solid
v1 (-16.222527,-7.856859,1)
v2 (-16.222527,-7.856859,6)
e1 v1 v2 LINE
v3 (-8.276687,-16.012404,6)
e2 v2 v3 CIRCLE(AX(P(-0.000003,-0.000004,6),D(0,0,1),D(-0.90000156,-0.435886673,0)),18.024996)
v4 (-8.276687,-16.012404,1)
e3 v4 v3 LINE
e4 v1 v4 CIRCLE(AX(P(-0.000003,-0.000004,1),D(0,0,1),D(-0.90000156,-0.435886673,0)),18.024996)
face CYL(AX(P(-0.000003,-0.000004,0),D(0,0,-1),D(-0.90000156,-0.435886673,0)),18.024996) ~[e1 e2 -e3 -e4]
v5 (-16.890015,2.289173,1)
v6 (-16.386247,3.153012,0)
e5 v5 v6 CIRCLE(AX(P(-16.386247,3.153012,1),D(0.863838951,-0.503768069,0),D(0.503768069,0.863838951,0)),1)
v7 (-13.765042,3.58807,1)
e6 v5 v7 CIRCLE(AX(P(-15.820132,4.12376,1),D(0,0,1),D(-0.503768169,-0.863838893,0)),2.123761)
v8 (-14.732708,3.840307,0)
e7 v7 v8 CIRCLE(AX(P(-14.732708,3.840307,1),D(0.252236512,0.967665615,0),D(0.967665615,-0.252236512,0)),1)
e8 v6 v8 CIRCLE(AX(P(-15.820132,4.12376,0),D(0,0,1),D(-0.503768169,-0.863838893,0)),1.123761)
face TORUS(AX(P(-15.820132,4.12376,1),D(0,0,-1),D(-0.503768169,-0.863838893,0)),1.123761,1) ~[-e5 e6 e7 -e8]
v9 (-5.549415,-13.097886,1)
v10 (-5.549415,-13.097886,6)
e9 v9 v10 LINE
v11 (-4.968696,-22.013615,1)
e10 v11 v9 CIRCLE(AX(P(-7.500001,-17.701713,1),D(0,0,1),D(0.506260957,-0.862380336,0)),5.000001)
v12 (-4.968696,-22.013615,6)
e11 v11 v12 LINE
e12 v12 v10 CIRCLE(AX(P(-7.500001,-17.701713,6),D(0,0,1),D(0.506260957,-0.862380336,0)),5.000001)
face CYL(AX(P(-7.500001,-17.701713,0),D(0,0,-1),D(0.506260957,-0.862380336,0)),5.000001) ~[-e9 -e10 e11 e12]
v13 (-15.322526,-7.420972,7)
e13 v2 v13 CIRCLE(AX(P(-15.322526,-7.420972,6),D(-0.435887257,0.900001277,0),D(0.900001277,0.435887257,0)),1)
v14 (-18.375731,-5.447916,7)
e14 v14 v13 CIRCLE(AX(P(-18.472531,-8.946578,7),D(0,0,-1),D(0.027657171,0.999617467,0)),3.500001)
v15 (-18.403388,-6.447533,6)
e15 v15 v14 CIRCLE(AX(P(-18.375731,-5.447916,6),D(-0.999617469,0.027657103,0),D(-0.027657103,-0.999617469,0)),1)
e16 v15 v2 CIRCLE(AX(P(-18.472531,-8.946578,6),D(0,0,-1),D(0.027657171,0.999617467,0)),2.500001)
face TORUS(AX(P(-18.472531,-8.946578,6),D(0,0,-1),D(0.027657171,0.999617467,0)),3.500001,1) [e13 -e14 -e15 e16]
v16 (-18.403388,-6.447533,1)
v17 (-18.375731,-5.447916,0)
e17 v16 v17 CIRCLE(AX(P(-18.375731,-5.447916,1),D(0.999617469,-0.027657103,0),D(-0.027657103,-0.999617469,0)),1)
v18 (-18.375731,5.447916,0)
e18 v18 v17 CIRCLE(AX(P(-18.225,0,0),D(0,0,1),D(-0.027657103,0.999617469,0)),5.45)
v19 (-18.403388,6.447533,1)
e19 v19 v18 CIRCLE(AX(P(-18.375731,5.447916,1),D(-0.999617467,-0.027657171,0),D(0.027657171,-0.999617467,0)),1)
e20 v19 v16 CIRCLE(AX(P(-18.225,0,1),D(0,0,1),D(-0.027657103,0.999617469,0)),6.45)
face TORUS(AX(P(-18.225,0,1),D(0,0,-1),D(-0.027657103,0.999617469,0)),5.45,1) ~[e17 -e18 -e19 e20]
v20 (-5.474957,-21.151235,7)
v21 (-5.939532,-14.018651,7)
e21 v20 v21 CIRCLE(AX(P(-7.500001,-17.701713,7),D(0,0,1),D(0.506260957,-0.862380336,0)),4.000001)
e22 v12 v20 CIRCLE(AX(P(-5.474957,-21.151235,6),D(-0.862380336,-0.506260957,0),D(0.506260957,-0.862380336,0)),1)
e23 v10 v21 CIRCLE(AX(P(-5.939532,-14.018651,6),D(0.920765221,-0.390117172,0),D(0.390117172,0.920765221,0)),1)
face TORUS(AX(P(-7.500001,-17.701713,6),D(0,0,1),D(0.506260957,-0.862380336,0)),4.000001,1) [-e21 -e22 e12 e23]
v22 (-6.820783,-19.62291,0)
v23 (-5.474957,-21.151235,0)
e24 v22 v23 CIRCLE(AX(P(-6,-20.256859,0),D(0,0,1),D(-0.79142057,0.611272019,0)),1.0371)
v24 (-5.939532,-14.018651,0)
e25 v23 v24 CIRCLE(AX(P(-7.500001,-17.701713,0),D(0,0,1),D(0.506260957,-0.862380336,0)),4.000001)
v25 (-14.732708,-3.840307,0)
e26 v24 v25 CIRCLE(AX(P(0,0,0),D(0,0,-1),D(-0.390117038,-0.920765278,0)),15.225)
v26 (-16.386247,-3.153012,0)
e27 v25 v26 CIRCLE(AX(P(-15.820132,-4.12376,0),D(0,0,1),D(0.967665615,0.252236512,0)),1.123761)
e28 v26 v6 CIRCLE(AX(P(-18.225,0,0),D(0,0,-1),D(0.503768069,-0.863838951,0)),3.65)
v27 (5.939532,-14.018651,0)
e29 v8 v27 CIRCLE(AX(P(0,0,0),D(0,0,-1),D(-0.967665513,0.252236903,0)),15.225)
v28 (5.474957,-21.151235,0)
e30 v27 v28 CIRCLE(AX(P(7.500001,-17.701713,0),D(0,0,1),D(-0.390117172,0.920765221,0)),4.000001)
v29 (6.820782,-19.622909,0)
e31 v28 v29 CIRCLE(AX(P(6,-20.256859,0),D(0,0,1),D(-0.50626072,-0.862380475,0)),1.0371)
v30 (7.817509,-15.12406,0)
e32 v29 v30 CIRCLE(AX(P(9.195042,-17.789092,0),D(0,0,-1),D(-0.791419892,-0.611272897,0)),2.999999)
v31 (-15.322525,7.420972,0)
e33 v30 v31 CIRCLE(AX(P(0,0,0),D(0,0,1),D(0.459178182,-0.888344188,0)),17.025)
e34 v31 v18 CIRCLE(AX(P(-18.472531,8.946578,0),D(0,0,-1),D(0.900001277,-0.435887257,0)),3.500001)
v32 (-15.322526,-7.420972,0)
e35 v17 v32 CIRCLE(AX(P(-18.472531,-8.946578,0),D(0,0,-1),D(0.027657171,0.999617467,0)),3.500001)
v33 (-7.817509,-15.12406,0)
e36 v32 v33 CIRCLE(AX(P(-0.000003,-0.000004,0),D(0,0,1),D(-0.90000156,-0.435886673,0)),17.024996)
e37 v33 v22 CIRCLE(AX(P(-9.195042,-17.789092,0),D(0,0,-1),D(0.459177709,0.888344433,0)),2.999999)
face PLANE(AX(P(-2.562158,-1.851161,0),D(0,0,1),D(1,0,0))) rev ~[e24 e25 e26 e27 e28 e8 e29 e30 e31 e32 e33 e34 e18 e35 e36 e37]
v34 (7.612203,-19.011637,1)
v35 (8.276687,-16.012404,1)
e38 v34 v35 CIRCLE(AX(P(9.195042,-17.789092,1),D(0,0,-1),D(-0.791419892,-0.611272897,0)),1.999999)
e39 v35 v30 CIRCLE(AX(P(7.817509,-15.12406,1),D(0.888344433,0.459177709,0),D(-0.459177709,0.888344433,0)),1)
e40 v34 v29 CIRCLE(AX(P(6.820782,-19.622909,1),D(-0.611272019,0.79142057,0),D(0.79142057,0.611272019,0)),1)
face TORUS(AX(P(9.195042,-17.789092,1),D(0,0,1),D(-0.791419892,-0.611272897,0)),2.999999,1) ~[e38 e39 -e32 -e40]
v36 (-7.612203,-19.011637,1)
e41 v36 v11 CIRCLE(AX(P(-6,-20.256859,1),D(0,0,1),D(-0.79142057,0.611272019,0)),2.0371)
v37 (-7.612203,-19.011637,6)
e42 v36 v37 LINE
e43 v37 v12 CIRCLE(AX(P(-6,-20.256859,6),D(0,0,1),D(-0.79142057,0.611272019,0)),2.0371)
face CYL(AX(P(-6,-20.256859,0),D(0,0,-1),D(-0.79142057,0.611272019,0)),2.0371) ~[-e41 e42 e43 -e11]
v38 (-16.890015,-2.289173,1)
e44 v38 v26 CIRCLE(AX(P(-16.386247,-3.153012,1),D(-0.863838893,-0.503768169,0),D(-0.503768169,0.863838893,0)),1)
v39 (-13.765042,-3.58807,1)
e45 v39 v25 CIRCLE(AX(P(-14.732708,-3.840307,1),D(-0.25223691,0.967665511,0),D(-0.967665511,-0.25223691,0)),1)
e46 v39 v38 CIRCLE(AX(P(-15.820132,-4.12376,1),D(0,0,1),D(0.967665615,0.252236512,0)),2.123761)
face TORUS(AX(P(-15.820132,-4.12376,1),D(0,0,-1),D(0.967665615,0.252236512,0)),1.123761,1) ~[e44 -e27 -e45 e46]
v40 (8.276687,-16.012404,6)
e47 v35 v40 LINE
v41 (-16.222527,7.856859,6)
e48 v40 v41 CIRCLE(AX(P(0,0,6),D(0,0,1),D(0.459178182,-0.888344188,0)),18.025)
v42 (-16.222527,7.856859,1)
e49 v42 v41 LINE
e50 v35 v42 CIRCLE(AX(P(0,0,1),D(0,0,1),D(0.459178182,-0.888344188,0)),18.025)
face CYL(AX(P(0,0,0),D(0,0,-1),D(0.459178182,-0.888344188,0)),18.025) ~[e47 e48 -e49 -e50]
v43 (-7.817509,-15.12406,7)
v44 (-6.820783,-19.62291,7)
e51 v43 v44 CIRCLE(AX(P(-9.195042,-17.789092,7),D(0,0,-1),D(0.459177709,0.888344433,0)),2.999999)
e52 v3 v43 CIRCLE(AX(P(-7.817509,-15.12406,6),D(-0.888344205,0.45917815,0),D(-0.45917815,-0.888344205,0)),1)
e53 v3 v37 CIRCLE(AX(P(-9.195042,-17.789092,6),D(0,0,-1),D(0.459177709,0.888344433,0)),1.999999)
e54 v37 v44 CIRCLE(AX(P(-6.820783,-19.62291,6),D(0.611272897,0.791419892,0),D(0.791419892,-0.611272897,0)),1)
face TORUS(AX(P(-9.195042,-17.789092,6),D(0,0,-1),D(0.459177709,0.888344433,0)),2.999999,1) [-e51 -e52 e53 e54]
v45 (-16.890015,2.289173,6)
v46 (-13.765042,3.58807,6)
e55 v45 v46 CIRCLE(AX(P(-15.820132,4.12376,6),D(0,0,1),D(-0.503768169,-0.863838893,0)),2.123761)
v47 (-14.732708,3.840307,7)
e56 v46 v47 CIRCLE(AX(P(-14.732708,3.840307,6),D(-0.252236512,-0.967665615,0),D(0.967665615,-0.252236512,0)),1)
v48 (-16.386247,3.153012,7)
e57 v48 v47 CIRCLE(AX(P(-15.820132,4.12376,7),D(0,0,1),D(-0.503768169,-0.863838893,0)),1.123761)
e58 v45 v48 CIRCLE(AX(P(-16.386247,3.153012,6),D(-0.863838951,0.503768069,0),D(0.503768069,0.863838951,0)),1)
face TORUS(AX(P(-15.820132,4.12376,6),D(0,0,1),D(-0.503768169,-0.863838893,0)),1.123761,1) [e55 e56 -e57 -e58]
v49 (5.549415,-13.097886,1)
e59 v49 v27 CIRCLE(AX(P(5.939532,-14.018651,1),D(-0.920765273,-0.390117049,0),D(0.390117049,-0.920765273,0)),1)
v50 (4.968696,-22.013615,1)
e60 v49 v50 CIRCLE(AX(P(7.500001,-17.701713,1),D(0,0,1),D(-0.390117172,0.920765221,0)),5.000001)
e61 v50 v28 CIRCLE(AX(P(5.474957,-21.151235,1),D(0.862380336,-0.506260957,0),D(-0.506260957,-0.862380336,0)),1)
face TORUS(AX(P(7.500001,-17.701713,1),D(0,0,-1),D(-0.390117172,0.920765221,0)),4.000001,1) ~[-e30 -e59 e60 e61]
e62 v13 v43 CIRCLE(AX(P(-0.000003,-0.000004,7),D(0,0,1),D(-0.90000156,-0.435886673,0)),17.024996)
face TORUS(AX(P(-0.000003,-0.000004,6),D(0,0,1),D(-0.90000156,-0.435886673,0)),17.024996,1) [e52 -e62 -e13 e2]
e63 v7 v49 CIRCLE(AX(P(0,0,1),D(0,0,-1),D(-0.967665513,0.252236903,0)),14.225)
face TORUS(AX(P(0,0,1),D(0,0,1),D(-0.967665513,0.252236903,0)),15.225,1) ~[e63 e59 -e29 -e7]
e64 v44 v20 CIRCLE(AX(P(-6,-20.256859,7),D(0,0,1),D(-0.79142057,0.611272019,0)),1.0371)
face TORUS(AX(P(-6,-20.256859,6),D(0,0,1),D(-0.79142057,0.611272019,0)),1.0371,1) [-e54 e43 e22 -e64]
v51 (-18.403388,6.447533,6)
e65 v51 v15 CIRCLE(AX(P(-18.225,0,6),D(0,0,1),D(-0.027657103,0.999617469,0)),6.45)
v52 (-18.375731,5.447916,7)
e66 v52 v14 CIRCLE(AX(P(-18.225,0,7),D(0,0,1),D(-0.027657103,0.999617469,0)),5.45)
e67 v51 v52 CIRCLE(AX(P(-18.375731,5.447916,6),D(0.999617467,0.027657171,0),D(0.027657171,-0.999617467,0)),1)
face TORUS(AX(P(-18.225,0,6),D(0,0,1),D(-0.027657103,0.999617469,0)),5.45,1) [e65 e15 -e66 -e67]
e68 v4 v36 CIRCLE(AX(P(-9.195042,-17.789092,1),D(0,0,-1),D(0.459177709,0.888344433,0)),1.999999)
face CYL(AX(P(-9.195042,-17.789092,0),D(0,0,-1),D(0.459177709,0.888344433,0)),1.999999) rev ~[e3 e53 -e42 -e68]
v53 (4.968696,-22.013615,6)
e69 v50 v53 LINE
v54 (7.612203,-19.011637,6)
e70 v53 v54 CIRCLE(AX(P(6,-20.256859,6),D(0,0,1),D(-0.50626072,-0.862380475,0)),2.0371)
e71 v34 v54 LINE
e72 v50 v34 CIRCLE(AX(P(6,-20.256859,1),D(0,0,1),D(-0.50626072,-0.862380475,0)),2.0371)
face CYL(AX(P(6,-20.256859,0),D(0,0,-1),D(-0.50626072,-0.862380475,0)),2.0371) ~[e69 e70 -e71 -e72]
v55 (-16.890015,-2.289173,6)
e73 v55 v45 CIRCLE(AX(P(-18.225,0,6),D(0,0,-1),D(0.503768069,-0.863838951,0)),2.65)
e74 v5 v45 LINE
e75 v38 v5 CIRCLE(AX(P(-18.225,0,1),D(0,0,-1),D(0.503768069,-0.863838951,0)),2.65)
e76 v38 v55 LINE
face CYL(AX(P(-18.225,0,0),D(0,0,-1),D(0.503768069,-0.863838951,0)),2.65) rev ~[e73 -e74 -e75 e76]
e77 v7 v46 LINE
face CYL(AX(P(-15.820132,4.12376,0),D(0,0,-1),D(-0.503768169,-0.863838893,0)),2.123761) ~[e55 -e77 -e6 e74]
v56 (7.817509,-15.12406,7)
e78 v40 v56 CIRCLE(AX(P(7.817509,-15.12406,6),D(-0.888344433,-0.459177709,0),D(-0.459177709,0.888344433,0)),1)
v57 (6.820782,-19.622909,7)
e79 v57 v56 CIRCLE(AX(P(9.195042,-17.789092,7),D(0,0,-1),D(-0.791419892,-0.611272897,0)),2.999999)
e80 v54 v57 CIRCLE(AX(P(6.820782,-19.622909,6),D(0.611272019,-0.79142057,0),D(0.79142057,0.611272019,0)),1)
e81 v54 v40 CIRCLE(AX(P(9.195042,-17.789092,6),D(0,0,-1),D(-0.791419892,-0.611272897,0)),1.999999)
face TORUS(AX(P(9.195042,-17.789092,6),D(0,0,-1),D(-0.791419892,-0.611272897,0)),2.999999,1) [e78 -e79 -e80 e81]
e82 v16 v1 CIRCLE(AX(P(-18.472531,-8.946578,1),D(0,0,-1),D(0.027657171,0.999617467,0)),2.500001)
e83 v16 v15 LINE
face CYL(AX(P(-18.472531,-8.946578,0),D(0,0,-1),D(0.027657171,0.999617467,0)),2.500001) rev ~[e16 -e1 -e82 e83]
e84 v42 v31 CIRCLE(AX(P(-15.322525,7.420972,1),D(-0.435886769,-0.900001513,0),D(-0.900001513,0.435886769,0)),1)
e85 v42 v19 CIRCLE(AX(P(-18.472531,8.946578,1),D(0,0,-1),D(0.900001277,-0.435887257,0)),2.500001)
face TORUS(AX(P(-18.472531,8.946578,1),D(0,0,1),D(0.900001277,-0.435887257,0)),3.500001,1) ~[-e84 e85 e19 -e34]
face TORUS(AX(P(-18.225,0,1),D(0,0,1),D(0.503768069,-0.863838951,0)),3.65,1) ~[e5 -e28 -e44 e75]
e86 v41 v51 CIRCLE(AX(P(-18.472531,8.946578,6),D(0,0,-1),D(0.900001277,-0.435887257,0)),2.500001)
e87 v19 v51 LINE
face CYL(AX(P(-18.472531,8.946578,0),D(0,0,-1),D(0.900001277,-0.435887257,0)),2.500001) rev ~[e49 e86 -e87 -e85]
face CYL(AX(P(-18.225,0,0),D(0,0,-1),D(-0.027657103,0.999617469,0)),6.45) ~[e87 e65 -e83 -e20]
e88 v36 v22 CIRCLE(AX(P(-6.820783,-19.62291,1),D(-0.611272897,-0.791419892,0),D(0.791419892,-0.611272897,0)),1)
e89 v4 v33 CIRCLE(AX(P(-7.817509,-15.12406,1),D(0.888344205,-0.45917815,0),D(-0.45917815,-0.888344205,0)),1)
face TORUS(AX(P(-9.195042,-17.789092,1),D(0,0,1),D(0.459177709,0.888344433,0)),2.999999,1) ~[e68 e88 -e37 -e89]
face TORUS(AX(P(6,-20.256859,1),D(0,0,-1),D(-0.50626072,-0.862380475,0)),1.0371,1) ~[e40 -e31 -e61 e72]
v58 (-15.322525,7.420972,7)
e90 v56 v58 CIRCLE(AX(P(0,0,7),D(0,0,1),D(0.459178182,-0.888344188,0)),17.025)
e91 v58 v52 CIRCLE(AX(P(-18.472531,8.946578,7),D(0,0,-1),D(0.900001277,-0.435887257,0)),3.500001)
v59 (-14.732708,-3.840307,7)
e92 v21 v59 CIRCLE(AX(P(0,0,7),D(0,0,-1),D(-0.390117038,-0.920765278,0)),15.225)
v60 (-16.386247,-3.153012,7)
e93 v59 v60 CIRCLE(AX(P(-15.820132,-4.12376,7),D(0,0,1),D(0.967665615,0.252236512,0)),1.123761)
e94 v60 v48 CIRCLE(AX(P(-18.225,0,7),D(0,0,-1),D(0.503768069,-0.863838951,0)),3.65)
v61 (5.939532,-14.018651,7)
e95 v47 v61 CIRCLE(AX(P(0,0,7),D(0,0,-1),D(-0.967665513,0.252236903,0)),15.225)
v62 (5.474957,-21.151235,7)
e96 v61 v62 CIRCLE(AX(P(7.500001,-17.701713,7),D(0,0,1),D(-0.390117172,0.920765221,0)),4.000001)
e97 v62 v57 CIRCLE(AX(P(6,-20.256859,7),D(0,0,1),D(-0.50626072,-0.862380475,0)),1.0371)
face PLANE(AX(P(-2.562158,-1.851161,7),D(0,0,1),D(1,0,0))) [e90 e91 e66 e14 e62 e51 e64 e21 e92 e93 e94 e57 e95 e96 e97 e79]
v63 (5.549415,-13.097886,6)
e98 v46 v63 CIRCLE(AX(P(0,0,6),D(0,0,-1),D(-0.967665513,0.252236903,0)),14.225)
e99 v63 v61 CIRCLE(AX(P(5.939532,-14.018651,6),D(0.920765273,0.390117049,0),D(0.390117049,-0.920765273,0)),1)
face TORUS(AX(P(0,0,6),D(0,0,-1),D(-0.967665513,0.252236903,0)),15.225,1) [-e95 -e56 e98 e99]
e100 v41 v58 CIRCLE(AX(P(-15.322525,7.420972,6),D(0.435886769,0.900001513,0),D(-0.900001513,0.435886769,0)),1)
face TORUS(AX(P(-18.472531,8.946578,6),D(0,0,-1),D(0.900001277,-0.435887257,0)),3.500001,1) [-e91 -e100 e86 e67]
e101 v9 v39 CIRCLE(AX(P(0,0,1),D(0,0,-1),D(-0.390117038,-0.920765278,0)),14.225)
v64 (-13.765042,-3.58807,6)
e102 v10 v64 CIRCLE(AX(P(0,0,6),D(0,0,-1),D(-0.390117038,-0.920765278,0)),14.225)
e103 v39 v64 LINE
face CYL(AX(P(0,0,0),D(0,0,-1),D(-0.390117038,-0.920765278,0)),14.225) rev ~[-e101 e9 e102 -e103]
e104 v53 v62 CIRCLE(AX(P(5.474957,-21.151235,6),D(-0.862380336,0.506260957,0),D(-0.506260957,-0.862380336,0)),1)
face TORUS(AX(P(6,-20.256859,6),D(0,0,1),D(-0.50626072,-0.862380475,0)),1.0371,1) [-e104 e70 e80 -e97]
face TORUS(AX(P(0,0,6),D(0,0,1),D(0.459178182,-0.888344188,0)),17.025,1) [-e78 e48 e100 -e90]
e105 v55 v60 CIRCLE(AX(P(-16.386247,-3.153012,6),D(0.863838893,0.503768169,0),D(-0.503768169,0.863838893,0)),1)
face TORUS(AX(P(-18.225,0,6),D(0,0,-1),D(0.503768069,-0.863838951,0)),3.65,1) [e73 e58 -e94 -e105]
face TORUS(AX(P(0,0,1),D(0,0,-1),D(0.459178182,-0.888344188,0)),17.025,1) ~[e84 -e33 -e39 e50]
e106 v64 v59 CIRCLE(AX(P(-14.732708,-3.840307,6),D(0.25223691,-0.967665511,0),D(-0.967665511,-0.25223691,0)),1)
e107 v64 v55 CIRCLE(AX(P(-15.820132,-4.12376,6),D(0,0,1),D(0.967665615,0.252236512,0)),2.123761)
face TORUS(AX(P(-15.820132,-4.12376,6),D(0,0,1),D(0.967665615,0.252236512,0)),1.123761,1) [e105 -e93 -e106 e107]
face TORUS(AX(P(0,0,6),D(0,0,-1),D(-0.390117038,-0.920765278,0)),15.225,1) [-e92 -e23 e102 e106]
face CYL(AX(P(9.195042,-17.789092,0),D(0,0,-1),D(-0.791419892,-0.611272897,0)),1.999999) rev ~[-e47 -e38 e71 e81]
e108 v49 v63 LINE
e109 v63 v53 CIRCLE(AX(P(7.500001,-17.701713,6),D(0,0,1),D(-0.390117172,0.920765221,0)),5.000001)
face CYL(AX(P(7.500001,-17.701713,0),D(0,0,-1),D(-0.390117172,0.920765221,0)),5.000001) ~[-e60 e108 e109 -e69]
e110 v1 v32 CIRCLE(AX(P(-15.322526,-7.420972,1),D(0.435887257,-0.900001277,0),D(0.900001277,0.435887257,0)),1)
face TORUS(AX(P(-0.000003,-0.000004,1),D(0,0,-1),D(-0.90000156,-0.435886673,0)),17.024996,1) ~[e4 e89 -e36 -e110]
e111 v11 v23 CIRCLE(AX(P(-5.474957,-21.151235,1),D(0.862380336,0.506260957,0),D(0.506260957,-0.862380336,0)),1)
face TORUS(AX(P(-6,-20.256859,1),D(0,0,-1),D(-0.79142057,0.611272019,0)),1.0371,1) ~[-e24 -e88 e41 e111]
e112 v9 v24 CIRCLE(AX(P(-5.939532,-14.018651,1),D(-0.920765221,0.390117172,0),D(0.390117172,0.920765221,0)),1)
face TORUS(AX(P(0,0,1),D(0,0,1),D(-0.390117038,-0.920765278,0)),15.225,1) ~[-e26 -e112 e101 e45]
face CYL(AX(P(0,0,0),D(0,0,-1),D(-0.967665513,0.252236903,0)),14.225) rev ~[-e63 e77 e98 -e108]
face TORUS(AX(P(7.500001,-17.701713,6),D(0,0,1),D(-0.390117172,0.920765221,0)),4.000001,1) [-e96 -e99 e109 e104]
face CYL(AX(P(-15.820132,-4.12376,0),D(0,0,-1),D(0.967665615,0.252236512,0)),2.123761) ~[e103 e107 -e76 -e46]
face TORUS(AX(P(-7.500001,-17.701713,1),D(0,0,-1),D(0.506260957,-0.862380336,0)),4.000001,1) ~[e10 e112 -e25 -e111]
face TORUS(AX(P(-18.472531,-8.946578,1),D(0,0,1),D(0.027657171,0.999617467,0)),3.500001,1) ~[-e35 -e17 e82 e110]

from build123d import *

# Parameters (mm, degrees)
F1_DEPTH = 7
F2_R     = 1


with BuildPart() as f1:
    # F0 (on Top) → F1 (new body)
    with BuildSketch(Plane.XY):
        with BuildLine():
            ThreePointArc((-5.549415, -13.097886), (-10.764349, -9.299431), (-13.765042, -3.58807))
            ThreePointArc((-13.765042, -3.58807), (-15.004999, -2.162659), (-16.890015, -2.289173))
            ThreePointArc((-16.890015, -2.289173), (-20.875, 0), (-16.890015, 2.289173))
            ThreePointArc((-16.890015, 2.289173), (-15.004999, 2.162659), (-13.765042, 3.58807))
            ThreePointArc((-13.765042, 3.58807), (9.299431, 10.764349), (5.549415, -13.097886))
            ThreePointArc((5.549415, -13.097886), (2.510573, -17.37673), (4.968696, -22.013615))
            ThreePointArc((4.968696, -22.013615), (7.528833, -21.603131), (7.612203, -19.011637))
            ThreePointArc((7.612203, -19.011637), (7.242392, -17.356479), (8.276687, -16.012404))
            ThreePointArc((8.276687, -16.012404), (12.578534, 12.910504), (-16.222527, 7.856859))
            ThreePointArc((-16.222527, 7.856859), (-17.115637, 6.846853), (-18.403388, 6.447533))
            ThreePointArc((-18.403388, 6.447533), (-24.675, 0), (-18.403388, -6.447533))
            ThreePointArc((-18.403388, -6.447533), (-17.115637, -6.846853), (-16.222527, -7.856859))
            ThreePointArc((-16.222527, -7.856859), (-12.910504, -12.578534), (-8.276687, -16.012404))
            ThreePointArc((-8.276687, -16.012404), (-7.242392, -17.356479), (-7.612203, -19.011637))
            ThreePointArc((-7.612203, -19.011637), (-7.528833, -21.603131), (-4.968696, -22.013615))
            ThreePointArc((-4.968696, -22.013615), (-2.510573, -17.37673), (-5.549415, -13.097886))
        make_face()
    extrude(amount=F1_DEPTH)

    # F2
    f2_edges = [f1.edges().sort_by_distance(p)[0] for p in [
        (-2.510573, -17.37673, 7),
        (-10.764349, -9.299431, 7),
        (-15.004999, -2.162659, 7),
        (-20.875, 0, 7),
        (-15.004999, 2.162659, 7),
        (9.299431, 10.764349, 7),
        (2.510573, -17.37673, 7),
        (7.528833, -21.603131, 7),
        (7.242392, -17.356479, 7),
        (12.578534, 12.910504, 7),
        (-17.115637, 6.846853, 7),
        (-24.675, 0, 7),
        (-17.115637, -6.846853, 7),
        (-12.910504, -12.578534, 7),
        (-7.242392, -17.356479, 7),
        (-7.528833, -21.603131, 7),
        (-2.510573, -17.37673, 0),
        (-10.764349, -9.299431, 0),
        (-15.004999, -2.162659, 0),
        (-20.875, 0, 0),
        (-15.004999, 2.162659, 0),
        (9.299431, 10.764349, 0),
        (2.510573, -17.37673, 0),
        (7.528833, -21.603131, 0),
        (7.242392, -17.356479, 0),
        (12.578534, 12.910504, 0),
        (-17.115637, 6.846853, 0),
        (-24.675, 0, 0),
        (-17.115637, -6.846853, 0),
        (-12.910504, -12.578534, 0),
        (-7.242392, -17.356479, 0),
        (-7.528833, -21.603131, 0),
    ]]
    fillet(f2_edges, radius=F2_R)


solid = f1.part
